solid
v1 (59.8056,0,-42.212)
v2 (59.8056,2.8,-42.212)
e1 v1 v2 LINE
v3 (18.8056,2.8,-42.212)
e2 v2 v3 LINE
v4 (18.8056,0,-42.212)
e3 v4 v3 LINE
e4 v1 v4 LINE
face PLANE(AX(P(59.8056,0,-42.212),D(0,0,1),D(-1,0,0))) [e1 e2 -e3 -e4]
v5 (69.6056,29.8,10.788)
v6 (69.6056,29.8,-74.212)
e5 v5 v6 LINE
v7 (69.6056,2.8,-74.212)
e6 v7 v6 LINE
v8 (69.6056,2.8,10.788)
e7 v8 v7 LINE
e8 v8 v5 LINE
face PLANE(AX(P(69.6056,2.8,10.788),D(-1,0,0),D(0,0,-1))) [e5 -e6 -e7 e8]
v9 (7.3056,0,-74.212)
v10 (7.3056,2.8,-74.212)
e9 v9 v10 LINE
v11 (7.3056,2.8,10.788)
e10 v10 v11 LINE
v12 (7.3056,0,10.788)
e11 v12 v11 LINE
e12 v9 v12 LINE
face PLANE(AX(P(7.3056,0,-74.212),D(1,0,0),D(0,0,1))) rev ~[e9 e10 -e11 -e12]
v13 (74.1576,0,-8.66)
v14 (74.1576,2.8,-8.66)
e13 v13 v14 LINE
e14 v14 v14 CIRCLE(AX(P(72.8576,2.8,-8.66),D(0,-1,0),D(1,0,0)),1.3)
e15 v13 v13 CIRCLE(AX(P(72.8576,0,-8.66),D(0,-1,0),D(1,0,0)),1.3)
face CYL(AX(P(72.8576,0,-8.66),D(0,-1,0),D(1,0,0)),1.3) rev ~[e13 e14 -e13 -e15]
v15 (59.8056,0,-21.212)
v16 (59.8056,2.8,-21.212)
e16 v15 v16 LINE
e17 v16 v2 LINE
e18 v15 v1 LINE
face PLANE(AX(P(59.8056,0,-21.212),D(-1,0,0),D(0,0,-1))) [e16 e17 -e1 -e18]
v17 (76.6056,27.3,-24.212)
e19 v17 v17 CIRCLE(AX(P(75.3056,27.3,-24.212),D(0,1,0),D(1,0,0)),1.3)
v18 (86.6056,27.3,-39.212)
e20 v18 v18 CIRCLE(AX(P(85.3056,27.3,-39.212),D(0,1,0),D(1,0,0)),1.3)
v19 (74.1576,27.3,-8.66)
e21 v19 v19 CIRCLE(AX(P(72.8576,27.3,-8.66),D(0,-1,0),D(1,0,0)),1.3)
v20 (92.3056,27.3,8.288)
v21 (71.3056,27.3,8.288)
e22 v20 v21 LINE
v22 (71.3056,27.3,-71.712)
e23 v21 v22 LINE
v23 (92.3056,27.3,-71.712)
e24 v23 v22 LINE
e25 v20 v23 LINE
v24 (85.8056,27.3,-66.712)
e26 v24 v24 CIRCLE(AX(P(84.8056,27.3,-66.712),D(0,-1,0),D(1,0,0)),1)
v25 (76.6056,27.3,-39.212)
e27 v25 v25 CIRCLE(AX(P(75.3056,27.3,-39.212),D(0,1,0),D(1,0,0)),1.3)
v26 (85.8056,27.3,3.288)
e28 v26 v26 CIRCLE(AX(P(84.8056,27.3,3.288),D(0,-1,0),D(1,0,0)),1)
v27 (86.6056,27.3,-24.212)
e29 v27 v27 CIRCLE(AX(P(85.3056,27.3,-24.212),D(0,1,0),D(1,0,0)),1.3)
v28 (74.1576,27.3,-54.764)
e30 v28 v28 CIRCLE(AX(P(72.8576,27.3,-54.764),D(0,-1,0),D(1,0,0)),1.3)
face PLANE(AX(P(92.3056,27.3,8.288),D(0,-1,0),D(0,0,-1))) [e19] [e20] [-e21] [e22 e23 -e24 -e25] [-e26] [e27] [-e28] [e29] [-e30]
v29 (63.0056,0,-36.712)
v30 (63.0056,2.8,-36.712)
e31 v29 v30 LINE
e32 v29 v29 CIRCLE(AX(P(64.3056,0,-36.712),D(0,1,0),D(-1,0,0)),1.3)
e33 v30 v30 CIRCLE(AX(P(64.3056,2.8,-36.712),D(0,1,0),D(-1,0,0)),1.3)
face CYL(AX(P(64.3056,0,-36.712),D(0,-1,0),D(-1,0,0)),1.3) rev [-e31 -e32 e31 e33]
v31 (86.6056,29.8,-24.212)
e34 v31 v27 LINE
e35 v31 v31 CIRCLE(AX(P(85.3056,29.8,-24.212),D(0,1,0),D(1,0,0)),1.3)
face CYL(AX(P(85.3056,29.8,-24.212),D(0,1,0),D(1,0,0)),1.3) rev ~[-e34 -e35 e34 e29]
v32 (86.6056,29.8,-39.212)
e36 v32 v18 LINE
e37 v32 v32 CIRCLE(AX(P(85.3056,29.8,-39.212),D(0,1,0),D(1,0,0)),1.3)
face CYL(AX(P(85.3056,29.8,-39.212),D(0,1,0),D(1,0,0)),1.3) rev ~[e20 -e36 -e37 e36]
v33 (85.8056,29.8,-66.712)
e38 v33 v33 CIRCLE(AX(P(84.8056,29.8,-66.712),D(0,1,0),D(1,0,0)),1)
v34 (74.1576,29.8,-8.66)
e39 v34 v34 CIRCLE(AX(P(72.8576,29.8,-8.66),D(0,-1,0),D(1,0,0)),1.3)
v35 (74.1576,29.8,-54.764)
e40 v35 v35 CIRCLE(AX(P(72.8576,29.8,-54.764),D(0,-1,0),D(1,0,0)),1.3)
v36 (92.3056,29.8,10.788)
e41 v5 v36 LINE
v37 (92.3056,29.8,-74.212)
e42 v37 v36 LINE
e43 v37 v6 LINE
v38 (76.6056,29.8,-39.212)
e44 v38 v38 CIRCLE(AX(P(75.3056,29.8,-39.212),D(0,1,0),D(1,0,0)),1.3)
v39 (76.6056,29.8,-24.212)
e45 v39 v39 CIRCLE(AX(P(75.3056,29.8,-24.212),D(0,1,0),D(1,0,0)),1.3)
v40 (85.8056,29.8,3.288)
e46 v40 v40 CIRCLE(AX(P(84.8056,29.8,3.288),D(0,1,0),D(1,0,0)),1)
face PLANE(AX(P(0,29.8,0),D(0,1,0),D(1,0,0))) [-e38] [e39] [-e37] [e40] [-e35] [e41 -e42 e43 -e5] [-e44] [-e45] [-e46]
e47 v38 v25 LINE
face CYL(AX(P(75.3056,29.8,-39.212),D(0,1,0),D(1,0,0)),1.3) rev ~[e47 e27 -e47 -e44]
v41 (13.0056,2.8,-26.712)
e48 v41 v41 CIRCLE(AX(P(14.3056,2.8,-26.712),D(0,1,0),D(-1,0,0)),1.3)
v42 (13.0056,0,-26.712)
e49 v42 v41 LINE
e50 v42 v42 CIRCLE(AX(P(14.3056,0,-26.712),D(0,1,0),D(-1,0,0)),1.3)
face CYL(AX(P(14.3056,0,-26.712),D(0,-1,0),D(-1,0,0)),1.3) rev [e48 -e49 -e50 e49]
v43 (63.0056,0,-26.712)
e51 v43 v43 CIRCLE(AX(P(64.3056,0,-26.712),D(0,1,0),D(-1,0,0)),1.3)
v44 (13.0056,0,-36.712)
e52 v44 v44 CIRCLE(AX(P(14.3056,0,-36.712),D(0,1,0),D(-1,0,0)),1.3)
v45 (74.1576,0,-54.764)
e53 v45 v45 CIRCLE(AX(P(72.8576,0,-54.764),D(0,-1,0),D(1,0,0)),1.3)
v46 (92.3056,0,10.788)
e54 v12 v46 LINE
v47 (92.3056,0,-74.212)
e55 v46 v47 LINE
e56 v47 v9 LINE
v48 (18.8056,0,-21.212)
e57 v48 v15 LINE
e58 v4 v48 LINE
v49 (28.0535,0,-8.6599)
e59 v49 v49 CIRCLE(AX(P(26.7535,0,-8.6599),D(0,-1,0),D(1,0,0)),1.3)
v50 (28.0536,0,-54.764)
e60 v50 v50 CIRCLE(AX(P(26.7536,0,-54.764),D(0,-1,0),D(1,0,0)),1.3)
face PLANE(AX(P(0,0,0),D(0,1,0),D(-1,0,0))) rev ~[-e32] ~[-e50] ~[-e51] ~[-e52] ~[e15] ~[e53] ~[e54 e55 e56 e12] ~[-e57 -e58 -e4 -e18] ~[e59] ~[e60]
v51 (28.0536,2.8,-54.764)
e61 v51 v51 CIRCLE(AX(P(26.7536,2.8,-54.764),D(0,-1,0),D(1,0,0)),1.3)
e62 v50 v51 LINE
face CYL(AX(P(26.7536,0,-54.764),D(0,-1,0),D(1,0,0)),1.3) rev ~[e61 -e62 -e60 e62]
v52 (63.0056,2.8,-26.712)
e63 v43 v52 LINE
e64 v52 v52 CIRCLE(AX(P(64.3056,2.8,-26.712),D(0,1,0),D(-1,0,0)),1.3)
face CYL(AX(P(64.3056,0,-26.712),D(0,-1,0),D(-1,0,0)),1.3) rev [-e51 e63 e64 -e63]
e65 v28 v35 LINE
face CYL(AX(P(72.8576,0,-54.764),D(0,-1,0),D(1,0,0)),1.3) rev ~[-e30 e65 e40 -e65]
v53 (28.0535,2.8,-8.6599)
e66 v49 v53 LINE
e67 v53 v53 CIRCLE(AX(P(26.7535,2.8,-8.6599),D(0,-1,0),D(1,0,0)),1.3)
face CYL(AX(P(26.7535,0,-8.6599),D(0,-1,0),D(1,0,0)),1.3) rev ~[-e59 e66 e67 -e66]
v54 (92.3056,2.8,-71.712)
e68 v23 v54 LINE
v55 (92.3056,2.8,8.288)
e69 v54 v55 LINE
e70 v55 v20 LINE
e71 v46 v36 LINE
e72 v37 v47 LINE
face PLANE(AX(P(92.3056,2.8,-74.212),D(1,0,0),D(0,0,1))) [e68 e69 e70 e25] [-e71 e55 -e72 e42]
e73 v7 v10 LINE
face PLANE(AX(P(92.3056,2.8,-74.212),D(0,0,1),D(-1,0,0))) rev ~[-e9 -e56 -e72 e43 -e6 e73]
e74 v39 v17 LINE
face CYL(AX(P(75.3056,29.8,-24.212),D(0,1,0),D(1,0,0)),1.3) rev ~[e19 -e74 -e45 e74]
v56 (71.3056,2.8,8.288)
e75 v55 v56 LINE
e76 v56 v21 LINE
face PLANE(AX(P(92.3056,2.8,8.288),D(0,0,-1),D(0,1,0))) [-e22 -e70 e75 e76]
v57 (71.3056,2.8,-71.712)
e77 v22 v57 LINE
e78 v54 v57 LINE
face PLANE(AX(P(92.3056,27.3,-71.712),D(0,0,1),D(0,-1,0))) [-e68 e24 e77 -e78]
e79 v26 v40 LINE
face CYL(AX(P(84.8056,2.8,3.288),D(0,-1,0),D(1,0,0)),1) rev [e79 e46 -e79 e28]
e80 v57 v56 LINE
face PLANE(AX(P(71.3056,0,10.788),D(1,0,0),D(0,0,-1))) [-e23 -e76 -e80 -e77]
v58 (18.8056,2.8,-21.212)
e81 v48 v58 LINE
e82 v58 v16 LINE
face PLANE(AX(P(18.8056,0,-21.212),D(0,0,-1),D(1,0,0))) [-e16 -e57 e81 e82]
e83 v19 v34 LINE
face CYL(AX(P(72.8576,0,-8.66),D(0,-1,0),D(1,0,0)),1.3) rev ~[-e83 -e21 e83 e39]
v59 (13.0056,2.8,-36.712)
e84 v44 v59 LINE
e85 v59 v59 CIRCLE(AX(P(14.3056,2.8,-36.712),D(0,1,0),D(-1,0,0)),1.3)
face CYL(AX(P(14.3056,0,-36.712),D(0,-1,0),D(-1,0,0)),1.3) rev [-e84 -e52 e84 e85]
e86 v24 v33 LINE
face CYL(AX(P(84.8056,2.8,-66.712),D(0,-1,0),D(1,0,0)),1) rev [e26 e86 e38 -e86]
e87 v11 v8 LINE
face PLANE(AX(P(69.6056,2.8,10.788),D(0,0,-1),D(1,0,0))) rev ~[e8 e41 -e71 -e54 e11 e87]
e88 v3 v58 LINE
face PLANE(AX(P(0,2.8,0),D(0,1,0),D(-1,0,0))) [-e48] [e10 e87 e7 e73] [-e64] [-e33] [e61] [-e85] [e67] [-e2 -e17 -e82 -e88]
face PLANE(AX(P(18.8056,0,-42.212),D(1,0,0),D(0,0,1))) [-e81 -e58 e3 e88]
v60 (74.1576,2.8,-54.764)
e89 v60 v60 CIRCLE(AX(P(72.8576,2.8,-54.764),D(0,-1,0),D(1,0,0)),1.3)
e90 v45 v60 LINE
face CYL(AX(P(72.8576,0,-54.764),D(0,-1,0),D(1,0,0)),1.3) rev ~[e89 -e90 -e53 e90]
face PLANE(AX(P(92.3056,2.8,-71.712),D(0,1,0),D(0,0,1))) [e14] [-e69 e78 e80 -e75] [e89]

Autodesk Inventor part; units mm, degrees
ref_plane "YZ Plane" through (0, 0, 0) normal (1, 0, 0) x (0, 1, 0)
ref_plane "XZ Plane" through (0, 0, 0) normal (0, 1, 0) x (-1, 0, 0)
ref_plane "XY Plane" through (0, 0, 0) normal (0, 0, 1) x (1, 0, 0)
sketch "Sketch1" plane through (0, 0, 0) normal (0, 1, 0) x (-1, 0, 0)
  line L0 (-7.3056, 10.788) -> (-92.3056, 10.788)
  line L1 (-92.3056, 10.788) -> (-92.3056, -74.212)
  line L2 (-92.3056, -74.212) -> (-7.3056, -74.212)
  line L3 (-7.3056, -74.212) -> (-7.3056, 10.788)
  line L4 (-18.8056, -21.212) -> (-59.8056, -21.212)
  line L5 (-59.8056, -21.212) -> (-59.8056, -42.212)
  line L6 (-59.8056, -42.212) -> (-18.8056, -42.212)
  line L7 (-18.8056, -42.212) -> (-18.8056, -21.212)
  circle A0 centre (-14.3056, -26.712) radius 1.3
  circle A1 centre (-14.3056, -36.712) radius 1.3
  circle A2 centre (-64.3056, -26.712) radius 1.3
  circle A3 centre (-64.3056, -36.712) radius 1.3
  circle A4 centre (-75.3056, -39.212) radius 1.3
  circle A5 centre (-85.3056, -39.212) radius 1.3
  circle A6 centre (-75.3056, -24.212) radius 1.3
  circle A7 centre (-85.3052, -24.1286) radius 1.3
  point P0 (0, 0)
  dimension "d0" = 85
  dimension "d1" = 85
  dimension "d2" = 41
  dimension "d3" = 21
  dimension "d4" = 32
  dimension "d5" = 11.5
  dimension "d6" = 2.6
  dimension "d7" = 2.6
  dimension "d8" = 10
  dimension "d9" = 5.5
  dimension "d10" = 5.5
  dimension "d11" = 2.6
  dimension "d12" = 2.6
  dimension "d13" = 10
  dimension "d14" = 5.5
  dimension "d15" = 50
  dimension "d16" = 50
  dimension "d17" = 4.5
  dimension "d31" = 2.6
  dimension "d32" = 2.6
  dimension "d33" = 10
  dimension "d34" = 2.6
  dimension "d35" = 2.6
  dimension "d36" = 10
  dimension "d37" = 15
  dimension "d38" = 35
  dimension "d39" = 17
  dimension "d40" = 17
extrude "Extrusion1" add sketch "Sketch1" along normal blind 2.8 contours L3 L2 L1 L0 | A4 | A5 | A6 | A7
sketch "Sketch2" plane through (0, 2.8, 0) normal (0, 1, 0) x (1, 0, 0)
  line L0 (92.3056, -10.788) -> (92.3056, 74.212) projected
  line L1 (92.3056, 74.212) -> (7.3056, 74.212) projected
  line L2 (7.3056, -10.788) -> (92.3056, -10.788) projected
  point P0 (0, 0)
extrude "Extrusion2" [suppressed]
sketch "Sketch3" plane through (0, 2.8, 0) normal (0, 1, 0) x (1, 0, 0)
  line L0 (7.3056, -10.788) -> (92.3056, -10.788) projected
  line L1 (92.3056, 74.212) -> (7.3056, 74.212) projected
  line L2 (92.3056, -10.788) -> (69.6056, -10.788)
  line L3 (69.6056, -10.788) -> (69.6056, 74.212)
  line L4 (69.6056, 74.212) -> (92.3056, 74.212)
  line L5 (92.3056, 74.212) -> (92.3056, -10.788)
  circle A0 centre (64.3056, 36.712) radius 1.3 projected
  circle A1 centre (75.3056, 24.212) radius 1 projected
  circle A2 centre (75.3056, 24.212) radius 1
  circle A3 centre (75.3056, 39.212) radius 1 projected
  circle A4 centre (75.3056, 39.212) radius 1
  circle A5 centre (85.3056, 39.212) radius 1 projected
  circle A6 centre (85.3056, 39.212) radius 1
  circle A7 centre (85.3056, 24.212) radius 1 projected
  circle A8 centre (85.3056, 24.212) radius 1
  circle A9 centre (84.8056, 66.712) radius 0.95 projected
  circle A10 centre (84.8056, 66.712) radius 1
  circle A11 centre (84.8056, -3.288) radius 0.95 projected
  circle A12 centre (84.8056, -3.288) radius 1
  point P0 (0, 0)
  dimension "d55" = 4
  dimension "d56" = 2
  dimension "d57" = 2
extrude "Extrusion3" add sketch "Sketch3" along normal blind 27 contours L3 L1 L5 L0
sketch "Sketch4" plane through (92.3056, 0, 10.788) normal (1, 0, 0) x (0, 0, -1)
  line L0 (85, 2.8) -> (0, 2.8) projected
  line L1 (2.5, 27.3) -> (82.5, 27.3)
  line L2 (82.5, 27.3) -> (82.5, 2.8)
  line L3 (82.5, 2.8) -> (2.5, 2.8)
  line L4 (2.5, 2.8) -> (2.5, 27.3)
  line L5 (0, 0) -> (0, 29.8) projected
  line L6 (85, 0) -> (85, 29.8) projected
  line L7 (0, 0) -> (85, 0) projected
  line L8 (0, 29.8) -> (85, 29.8) projected
  point P0 (10.788, 0)
  point P1 (2.5, 2.8)
  dimension "d60" = 2.5
  dimension "d61" = 2.5
  dimension "d62" = 2.8
  dimension "d63" = 2.5
extrude "Extrusion4" cut sketch "Sketch4" against normal blind 21 contours L0 L4 L1 L2
sketch "Sketch5" plane through (0, 0, 0) normal (0, -1, 0) x (1, 0, 0)
  circle A0 centre (26.7535, -8.6599) radius 1.3
  circle A1 centre (72.8576, -8.66) radius 1.3
  circle A2 centre (26.7536, -54.764) radius 1.3
  circle A3 centre (72.8576, -54.764) radius 1.3
  line L0 (7.3056, 10.788) -> (92.3056, 10.788) projected
  line L1 (92.3056, 10.788) -> (92.3056, -74.212) projected
  line L2 (7.3056, -74.212) -> (7.3056, 10.788) projected
  line L3 (92.3056, -74.212) -> (7.3056, -74.212) projected
  point P0 (0, 0)
  point P1 (49.2547, -32.4518)
  point P2 (49.2547, -32.4518)
  dimension "d66" = 2.6
  dimension "d67" = 2.6
  dimension "d68" = 2.6
  dimension "d69" = 2.6
  dimension "d70" = 46.1041
  dimension "d71" = 46.1041
  dimension "d72" = 46.1041
  dimension "d73" = 46.1041
  dimension "d74" = 19.448
  dimension "d75" = 19.448
  dimension "d76" = 19.448
  dimension "d77" = 19.448
extrude "Extrusion5" cut sketch "Sketch5" against normal blind 100 contours A0 | A1 | A2 | A3
sketch "Sketch6" plane through (0, 29.8, 0) normal (0, 1, 0) x (1, 0, 0)
  point P0 (0, 0)
sketch "Sketch7" plane through (0, 29.8, 0) normal (0, 1, 0) x (1, 0, 0)
  circle A0 centre (75.3056, 39.212) radius 1 projected
  circle A1 centre (75.3056, 39.212) radius 1.3
  circle A2 centre (85.3056, 39.212) radius 1 projected
  circle A3 centre (85.3056, 39.212) radius 1.3
  circle A4 centre (75.3056, 24.212) radius 1 projected
  circle A5 centre (75.3056, 24.212) radius 1.3
  circle A6 centre (85.3056, 24.212) radius 1 projected
  circle A7 centre (85.3056, 24.212) radius 1.3
  point P0 (0, 0)
  dimension "d80" = 2.6
  dimension "d81" = 2.6
  dimension "d82" = 2.6
  dimension "d83" = 2.6
extrude "Extrusion6" cut sketch "Sketch7" against normal blind 10 contours A0 | A1 | A2 | A3 | A4 | A5 | A6 | A7
properties part number "LowerHead"
